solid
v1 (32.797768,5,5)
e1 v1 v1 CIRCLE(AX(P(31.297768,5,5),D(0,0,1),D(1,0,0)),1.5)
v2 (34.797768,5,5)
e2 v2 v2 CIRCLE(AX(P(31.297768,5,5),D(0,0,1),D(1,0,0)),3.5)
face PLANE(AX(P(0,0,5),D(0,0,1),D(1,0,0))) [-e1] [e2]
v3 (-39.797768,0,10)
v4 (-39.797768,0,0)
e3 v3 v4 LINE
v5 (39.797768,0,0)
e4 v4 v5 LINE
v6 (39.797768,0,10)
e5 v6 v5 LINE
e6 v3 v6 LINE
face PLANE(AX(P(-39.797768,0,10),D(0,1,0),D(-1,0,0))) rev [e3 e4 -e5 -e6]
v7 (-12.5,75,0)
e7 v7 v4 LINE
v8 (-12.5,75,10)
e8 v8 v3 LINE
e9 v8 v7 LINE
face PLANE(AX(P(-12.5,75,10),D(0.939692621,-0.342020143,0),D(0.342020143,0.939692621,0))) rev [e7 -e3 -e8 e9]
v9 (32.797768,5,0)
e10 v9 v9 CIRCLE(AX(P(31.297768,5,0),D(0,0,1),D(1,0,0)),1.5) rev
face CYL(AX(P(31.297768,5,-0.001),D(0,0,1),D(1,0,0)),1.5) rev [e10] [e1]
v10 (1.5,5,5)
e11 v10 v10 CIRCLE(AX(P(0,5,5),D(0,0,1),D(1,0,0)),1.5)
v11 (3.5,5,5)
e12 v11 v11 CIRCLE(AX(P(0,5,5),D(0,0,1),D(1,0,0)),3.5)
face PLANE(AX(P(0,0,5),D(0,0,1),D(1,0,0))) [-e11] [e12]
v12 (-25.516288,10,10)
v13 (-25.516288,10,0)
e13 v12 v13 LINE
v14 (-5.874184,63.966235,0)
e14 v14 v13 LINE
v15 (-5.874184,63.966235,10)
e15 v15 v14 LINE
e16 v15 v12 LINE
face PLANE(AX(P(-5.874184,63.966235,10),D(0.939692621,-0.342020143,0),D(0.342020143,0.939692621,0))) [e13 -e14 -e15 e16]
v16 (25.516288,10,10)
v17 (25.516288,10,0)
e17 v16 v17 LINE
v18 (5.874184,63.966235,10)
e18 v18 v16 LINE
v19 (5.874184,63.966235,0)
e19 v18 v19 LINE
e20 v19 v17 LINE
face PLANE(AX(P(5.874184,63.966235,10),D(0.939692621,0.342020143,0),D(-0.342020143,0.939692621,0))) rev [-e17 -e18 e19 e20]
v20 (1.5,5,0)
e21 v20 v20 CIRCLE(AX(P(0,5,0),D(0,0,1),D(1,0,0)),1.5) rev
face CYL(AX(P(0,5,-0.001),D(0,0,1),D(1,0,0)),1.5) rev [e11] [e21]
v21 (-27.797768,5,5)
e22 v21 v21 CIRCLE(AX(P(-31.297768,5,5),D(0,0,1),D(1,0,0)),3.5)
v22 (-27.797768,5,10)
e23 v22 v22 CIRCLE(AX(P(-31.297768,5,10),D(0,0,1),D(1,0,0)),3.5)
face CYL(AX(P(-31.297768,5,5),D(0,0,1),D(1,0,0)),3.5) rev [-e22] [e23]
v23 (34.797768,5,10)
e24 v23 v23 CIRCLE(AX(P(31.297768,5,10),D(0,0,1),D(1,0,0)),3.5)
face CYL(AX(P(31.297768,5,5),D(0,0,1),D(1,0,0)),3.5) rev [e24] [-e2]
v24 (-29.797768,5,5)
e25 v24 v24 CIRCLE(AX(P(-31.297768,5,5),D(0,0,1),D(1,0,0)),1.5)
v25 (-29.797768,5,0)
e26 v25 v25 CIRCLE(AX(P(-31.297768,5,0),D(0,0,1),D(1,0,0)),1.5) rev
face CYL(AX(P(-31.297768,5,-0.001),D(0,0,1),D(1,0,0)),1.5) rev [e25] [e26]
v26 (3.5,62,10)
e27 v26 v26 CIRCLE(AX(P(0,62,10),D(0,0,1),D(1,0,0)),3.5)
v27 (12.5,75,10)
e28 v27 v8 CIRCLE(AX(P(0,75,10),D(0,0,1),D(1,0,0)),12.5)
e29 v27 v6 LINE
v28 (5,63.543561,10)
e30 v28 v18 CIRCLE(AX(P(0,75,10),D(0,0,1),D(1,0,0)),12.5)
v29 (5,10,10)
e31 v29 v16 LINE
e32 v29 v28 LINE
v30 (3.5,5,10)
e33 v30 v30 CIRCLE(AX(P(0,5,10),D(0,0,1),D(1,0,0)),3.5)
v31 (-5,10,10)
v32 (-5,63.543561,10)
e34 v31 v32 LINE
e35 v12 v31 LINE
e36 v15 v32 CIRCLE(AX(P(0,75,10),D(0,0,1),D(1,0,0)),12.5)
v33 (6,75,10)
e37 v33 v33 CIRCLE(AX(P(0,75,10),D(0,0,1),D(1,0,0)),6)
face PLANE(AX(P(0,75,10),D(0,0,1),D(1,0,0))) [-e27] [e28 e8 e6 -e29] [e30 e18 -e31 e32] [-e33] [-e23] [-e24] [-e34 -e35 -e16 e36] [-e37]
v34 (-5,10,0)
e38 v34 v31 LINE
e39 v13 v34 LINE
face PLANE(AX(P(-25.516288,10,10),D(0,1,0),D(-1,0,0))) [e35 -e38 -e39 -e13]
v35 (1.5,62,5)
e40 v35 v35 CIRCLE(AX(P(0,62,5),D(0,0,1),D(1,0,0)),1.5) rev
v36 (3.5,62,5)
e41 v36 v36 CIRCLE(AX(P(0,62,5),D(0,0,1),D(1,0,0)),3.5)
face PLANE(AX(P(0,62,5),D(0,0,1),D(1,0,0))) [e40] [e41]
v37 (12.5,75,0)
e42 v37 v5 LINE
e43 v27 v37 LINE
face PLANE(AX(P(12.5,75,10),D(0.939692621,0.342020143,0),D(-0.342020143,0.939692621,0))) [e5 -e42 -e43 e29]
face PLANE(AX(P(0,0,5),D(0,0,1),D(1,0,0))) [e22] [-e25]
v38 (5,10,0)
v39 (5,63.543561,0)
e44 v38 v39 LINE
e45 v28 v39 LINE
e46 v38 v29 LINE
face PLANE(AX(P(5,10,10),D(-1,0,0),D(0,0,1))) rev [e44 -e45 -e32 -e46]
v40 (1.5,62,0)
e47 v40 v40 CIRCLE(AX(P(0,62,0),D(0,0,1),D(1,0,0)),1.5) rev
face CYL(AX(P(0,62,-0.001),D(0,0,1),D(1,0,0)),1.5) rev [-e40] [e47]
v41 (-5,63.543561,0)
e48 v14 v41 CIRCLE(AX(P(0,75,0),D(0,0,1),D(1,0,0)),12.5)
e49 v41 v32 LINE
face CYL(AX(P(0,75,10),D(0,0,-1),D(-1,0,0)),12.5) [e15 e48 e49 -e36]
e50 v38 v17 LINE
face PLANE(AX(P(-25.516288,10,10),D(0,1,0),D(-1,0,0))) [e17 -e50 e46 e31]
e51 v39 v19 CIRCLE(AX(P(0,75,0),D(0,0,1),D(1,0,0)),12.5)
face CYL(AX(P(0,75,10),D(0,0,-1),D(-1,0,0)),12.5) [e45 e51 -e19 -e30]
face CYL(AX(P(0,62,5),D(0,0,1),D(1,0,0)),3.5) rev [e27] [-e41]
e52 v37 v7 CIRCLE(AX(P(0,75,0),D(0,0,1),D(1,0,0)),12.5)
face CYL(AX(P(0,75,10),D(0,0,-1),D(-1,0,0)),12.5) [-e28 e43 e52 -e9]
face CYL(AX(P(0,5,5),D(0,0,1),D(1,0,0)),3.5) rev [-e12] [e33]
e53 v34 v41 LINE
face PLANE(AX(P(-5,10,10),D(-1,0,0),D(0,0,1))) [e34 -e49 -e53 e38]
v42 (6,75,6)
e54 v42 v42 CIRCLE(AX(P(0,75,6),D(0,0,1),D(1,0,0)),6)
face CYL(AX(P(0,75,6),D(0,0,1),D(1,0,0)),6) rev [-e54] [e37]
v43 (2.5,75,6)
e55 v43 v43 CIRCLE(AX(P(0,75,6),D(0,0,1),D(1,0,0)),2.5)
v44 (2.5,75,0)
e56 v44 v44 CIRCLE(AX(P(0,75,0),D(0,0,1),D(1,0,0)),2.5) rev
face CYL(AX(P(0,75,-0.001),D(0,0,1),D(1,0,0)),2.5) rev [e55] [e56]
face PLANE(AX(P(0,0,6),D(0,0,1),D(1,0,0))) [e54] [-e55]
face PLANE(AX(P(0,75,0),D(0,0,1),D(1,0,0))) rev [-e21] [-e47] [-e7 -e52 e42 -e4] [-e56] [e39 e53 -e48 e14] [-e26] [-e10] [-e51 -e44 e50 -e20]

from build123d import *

# Parameters (mm, degrees)
SKETCH1_R           = 12.5
BOSS_EXTRUDE1_DEPTH = 10
CUT_EXTRUDE1_REACH  = 98.644
SKETCH2_R           = 2.5
SKETCH2_3_R         = 6
SKETCH2_3_R_2       = 2.5
CUT_EXTRUDE2_DEPTH  = 4
CUT_EXTRUDE4_REACH  = 98.644
SKETCH3_R           = 1.5
SKETCH3_4_R         = 3.5
SKETCH3_4_R_2       = 1.5
CUT_EXTRUDE5_DEPTH  = 5


with BuildPart() as part:
    # Sketch1 → Boss-Extrude1 (new body)
    with BuildSketch(Plane.XY):
        with Locations((0, 75)):
            Circle(SKETCH1_R)
        with BuildLine():
            Line((-39.79776757, 0), (39.79776757, 0))
            Line((39.79776757, 0), (12.5, 75))
            ThreePointArc((12.5, 75), (10.716279715, 68.564834962), (5.87418415, 63.966235431))
            Line((5.87418415, 63.966235431), (25.516287503, 10))
            Line((25.516287503, 10), (-25.516287503, 10))
            Line((-25.516287503, 10), (-5.87418415, 63.966235431))
            ThreePointArc((-5.87418415, 63.966235431), (-10.716279715, 68.564834962), (-12.5, 75))
            Line((-12.5, 75), (-39.79776757, 0))
        make_face()
        with BuildLine():
            Line((-5, 10), (5, 10))
            Line((5, 10), (5, 63.543560763))
            ThreePointArc((5, 63.543560763), (0, 62.5), (-5, 63.543560763))
            Line((-5, 63.543560763), (-5, 10))
        make_face()
    extrude(amount=BOSS_EXTRUDE1_DEPTH)

    # Sketch2 → Cut-Extrude1 (cut, up to next)
    with BuildSketch(Plane.XY.offset(10), mode=Mode.PRIVATE) as cut_extrude1_sk1:
        with Locations((0, 75)):
            Circle(SKETCH2_R)
    cut_extrude1_tool1 = extrude(cut_extrude1_sk1.sketch, amount=-CUT_EXTRUDE1_REACH, mode=Mode.PRIVATE) & part.part
    add(cut_extrude1_tool1.solids().sort_by_distance((0, 75, 10))[0], mode=Mode.SUBTRACT)

    # Sketch2<3> → Cut-Extrude2 (cut)
    with BuildSketch(Plane.XY.offset(10)):
        with Locations((0, 75)):
            Circle(SKETCH2_3_R)
        with Locations((0, 75)):
            Circle(SKETCH2_3_R_2, mode=Mode.SUBTRACT)
    extrude(amount=-CUT_EXTRUDE2_DEPTH, mode=Mode.SUBTRACT)

    # Sketch3 → Cut-Extrude4 (cut, up to next)
    with BuildSketch(Plane.XY.offset(10), mode=Mode.PRIVATE) as cut_extrude4_sk1:
        with Locations((0, 5)):
            Circle(SKETCH3_R)
    cut_extrude4_tool1 = extrude(cut_extrude4_sk1.sketch, amount=-CUT_EXTRUDE4_REACH, mode=Mode.PRIVATE) & part.part
    # Sketch3 → Cut-Extrude4 (cut, up to next)
    with BuildSketch(Plane.XY.offset(10), mode=Mode.PRIVATE) as cut_extrude4_sk2:
        with Locations((31.29776757, 5)):
            Circle(SKETCH3_R)
    cut_extrude4_tool2 = extrude(cut_extrude4_sk2.sketch, amount=-CUT_EXTRUDE4_REACH, mode=Mode.PRIVATE) & part.part
    # Sketch3 → Cut-Extrude4 (cut, up to next)
    with BuildSketch(Plane.XY.offset(10), mode=Mode.PRIVATE) as cut_extrude4_sk3:
        with Locations((-31.29776757, 5)):
            Circle(SKETCH3_R)
    cut_extrude4_tool3 = extrude(cut_extrude4_sk3.sketch, amount=-CUT_EXTRUDE4_REACH, mode=Mode.PRIVATE) & part.part
    # Sketch3 → Cut-Extrude4 (cut, up to next)
    with BuildSketch(Plane.XY.offset(10), mode=Mode.PRIVATE) as cut_extrude4_sk4:
        with Locations((0, 62)):
            Circle(SKETCH3_R)
    cut_extrude4_tool4 = extrude(cut_extrude4_sk4.sketch, amount=-CUT_EXTRUDE4_REACH, mode=Mode.PRIVATE) & part.part
    add(cut_extrude4_tool1.solids().sort_by_distance((0, 5, 10))[0], mode=Mode.SUBTRACT)
    add(cut_extrude4_tool2.solids().sort_by_distance((31.297768, 5, 10))[0], mode=Mode.SUBTRACT)
    add(cut_extrude4_tool3.solids().sort_by_distance((-31.297768, 5, 10))[0], mode=Mode.SUBTRACT)
    add(cut_extrude4_tool4.solids().sort_by_distance((0, 62, 10))[0], mode=Mode.SUBTRACT)

    # Sketch3<4> → Cut-Extrude5 (cut)
    # profile 1 of 4: a face of its own
    with BuildSketch(Plane.XY.offset(10)):
        with Locations((0, 62)):
            Circle(SKETCH3_4_R)
    # profile 2 of 4: a face of its own
    with BuildSketch(Plane.XY.offset(10)):
        with Locations((-31.29776757, 5)):
            Circle(SKETCH3_4_R)
        with Locations((-31.29776757, 5)):
            Circle(SKETCH3_4_R_2, mode=Mode.SUBTRACT)
    # profile 3 of 4: a face of its own
    with BuildSketch(Plane.XY.offset(10)):
        with Locations((0, 5)):
            Circle(SKETCH3_4_R)
        with Locations((0, 5)):
            Circle(SKETCH3_4_R_2, mode=Mode.SUBTRACT)
    # profile 4 of 4: a face of its own
    with BuildSketch(Plane.XY.offset(10)):
        with Locations((31.29776757, 5)):
            Circle(SKETCH3_4_R)
        with Locations((31.29776757, 5)):
            Circle(SKETCH3_4_R_2, mode=Mode.SUBTRACT)
    extrude(amount=-CUT_EXTRUDE5_DEPTH, mode=Mode.SUBTRACT)


solid = part.part
